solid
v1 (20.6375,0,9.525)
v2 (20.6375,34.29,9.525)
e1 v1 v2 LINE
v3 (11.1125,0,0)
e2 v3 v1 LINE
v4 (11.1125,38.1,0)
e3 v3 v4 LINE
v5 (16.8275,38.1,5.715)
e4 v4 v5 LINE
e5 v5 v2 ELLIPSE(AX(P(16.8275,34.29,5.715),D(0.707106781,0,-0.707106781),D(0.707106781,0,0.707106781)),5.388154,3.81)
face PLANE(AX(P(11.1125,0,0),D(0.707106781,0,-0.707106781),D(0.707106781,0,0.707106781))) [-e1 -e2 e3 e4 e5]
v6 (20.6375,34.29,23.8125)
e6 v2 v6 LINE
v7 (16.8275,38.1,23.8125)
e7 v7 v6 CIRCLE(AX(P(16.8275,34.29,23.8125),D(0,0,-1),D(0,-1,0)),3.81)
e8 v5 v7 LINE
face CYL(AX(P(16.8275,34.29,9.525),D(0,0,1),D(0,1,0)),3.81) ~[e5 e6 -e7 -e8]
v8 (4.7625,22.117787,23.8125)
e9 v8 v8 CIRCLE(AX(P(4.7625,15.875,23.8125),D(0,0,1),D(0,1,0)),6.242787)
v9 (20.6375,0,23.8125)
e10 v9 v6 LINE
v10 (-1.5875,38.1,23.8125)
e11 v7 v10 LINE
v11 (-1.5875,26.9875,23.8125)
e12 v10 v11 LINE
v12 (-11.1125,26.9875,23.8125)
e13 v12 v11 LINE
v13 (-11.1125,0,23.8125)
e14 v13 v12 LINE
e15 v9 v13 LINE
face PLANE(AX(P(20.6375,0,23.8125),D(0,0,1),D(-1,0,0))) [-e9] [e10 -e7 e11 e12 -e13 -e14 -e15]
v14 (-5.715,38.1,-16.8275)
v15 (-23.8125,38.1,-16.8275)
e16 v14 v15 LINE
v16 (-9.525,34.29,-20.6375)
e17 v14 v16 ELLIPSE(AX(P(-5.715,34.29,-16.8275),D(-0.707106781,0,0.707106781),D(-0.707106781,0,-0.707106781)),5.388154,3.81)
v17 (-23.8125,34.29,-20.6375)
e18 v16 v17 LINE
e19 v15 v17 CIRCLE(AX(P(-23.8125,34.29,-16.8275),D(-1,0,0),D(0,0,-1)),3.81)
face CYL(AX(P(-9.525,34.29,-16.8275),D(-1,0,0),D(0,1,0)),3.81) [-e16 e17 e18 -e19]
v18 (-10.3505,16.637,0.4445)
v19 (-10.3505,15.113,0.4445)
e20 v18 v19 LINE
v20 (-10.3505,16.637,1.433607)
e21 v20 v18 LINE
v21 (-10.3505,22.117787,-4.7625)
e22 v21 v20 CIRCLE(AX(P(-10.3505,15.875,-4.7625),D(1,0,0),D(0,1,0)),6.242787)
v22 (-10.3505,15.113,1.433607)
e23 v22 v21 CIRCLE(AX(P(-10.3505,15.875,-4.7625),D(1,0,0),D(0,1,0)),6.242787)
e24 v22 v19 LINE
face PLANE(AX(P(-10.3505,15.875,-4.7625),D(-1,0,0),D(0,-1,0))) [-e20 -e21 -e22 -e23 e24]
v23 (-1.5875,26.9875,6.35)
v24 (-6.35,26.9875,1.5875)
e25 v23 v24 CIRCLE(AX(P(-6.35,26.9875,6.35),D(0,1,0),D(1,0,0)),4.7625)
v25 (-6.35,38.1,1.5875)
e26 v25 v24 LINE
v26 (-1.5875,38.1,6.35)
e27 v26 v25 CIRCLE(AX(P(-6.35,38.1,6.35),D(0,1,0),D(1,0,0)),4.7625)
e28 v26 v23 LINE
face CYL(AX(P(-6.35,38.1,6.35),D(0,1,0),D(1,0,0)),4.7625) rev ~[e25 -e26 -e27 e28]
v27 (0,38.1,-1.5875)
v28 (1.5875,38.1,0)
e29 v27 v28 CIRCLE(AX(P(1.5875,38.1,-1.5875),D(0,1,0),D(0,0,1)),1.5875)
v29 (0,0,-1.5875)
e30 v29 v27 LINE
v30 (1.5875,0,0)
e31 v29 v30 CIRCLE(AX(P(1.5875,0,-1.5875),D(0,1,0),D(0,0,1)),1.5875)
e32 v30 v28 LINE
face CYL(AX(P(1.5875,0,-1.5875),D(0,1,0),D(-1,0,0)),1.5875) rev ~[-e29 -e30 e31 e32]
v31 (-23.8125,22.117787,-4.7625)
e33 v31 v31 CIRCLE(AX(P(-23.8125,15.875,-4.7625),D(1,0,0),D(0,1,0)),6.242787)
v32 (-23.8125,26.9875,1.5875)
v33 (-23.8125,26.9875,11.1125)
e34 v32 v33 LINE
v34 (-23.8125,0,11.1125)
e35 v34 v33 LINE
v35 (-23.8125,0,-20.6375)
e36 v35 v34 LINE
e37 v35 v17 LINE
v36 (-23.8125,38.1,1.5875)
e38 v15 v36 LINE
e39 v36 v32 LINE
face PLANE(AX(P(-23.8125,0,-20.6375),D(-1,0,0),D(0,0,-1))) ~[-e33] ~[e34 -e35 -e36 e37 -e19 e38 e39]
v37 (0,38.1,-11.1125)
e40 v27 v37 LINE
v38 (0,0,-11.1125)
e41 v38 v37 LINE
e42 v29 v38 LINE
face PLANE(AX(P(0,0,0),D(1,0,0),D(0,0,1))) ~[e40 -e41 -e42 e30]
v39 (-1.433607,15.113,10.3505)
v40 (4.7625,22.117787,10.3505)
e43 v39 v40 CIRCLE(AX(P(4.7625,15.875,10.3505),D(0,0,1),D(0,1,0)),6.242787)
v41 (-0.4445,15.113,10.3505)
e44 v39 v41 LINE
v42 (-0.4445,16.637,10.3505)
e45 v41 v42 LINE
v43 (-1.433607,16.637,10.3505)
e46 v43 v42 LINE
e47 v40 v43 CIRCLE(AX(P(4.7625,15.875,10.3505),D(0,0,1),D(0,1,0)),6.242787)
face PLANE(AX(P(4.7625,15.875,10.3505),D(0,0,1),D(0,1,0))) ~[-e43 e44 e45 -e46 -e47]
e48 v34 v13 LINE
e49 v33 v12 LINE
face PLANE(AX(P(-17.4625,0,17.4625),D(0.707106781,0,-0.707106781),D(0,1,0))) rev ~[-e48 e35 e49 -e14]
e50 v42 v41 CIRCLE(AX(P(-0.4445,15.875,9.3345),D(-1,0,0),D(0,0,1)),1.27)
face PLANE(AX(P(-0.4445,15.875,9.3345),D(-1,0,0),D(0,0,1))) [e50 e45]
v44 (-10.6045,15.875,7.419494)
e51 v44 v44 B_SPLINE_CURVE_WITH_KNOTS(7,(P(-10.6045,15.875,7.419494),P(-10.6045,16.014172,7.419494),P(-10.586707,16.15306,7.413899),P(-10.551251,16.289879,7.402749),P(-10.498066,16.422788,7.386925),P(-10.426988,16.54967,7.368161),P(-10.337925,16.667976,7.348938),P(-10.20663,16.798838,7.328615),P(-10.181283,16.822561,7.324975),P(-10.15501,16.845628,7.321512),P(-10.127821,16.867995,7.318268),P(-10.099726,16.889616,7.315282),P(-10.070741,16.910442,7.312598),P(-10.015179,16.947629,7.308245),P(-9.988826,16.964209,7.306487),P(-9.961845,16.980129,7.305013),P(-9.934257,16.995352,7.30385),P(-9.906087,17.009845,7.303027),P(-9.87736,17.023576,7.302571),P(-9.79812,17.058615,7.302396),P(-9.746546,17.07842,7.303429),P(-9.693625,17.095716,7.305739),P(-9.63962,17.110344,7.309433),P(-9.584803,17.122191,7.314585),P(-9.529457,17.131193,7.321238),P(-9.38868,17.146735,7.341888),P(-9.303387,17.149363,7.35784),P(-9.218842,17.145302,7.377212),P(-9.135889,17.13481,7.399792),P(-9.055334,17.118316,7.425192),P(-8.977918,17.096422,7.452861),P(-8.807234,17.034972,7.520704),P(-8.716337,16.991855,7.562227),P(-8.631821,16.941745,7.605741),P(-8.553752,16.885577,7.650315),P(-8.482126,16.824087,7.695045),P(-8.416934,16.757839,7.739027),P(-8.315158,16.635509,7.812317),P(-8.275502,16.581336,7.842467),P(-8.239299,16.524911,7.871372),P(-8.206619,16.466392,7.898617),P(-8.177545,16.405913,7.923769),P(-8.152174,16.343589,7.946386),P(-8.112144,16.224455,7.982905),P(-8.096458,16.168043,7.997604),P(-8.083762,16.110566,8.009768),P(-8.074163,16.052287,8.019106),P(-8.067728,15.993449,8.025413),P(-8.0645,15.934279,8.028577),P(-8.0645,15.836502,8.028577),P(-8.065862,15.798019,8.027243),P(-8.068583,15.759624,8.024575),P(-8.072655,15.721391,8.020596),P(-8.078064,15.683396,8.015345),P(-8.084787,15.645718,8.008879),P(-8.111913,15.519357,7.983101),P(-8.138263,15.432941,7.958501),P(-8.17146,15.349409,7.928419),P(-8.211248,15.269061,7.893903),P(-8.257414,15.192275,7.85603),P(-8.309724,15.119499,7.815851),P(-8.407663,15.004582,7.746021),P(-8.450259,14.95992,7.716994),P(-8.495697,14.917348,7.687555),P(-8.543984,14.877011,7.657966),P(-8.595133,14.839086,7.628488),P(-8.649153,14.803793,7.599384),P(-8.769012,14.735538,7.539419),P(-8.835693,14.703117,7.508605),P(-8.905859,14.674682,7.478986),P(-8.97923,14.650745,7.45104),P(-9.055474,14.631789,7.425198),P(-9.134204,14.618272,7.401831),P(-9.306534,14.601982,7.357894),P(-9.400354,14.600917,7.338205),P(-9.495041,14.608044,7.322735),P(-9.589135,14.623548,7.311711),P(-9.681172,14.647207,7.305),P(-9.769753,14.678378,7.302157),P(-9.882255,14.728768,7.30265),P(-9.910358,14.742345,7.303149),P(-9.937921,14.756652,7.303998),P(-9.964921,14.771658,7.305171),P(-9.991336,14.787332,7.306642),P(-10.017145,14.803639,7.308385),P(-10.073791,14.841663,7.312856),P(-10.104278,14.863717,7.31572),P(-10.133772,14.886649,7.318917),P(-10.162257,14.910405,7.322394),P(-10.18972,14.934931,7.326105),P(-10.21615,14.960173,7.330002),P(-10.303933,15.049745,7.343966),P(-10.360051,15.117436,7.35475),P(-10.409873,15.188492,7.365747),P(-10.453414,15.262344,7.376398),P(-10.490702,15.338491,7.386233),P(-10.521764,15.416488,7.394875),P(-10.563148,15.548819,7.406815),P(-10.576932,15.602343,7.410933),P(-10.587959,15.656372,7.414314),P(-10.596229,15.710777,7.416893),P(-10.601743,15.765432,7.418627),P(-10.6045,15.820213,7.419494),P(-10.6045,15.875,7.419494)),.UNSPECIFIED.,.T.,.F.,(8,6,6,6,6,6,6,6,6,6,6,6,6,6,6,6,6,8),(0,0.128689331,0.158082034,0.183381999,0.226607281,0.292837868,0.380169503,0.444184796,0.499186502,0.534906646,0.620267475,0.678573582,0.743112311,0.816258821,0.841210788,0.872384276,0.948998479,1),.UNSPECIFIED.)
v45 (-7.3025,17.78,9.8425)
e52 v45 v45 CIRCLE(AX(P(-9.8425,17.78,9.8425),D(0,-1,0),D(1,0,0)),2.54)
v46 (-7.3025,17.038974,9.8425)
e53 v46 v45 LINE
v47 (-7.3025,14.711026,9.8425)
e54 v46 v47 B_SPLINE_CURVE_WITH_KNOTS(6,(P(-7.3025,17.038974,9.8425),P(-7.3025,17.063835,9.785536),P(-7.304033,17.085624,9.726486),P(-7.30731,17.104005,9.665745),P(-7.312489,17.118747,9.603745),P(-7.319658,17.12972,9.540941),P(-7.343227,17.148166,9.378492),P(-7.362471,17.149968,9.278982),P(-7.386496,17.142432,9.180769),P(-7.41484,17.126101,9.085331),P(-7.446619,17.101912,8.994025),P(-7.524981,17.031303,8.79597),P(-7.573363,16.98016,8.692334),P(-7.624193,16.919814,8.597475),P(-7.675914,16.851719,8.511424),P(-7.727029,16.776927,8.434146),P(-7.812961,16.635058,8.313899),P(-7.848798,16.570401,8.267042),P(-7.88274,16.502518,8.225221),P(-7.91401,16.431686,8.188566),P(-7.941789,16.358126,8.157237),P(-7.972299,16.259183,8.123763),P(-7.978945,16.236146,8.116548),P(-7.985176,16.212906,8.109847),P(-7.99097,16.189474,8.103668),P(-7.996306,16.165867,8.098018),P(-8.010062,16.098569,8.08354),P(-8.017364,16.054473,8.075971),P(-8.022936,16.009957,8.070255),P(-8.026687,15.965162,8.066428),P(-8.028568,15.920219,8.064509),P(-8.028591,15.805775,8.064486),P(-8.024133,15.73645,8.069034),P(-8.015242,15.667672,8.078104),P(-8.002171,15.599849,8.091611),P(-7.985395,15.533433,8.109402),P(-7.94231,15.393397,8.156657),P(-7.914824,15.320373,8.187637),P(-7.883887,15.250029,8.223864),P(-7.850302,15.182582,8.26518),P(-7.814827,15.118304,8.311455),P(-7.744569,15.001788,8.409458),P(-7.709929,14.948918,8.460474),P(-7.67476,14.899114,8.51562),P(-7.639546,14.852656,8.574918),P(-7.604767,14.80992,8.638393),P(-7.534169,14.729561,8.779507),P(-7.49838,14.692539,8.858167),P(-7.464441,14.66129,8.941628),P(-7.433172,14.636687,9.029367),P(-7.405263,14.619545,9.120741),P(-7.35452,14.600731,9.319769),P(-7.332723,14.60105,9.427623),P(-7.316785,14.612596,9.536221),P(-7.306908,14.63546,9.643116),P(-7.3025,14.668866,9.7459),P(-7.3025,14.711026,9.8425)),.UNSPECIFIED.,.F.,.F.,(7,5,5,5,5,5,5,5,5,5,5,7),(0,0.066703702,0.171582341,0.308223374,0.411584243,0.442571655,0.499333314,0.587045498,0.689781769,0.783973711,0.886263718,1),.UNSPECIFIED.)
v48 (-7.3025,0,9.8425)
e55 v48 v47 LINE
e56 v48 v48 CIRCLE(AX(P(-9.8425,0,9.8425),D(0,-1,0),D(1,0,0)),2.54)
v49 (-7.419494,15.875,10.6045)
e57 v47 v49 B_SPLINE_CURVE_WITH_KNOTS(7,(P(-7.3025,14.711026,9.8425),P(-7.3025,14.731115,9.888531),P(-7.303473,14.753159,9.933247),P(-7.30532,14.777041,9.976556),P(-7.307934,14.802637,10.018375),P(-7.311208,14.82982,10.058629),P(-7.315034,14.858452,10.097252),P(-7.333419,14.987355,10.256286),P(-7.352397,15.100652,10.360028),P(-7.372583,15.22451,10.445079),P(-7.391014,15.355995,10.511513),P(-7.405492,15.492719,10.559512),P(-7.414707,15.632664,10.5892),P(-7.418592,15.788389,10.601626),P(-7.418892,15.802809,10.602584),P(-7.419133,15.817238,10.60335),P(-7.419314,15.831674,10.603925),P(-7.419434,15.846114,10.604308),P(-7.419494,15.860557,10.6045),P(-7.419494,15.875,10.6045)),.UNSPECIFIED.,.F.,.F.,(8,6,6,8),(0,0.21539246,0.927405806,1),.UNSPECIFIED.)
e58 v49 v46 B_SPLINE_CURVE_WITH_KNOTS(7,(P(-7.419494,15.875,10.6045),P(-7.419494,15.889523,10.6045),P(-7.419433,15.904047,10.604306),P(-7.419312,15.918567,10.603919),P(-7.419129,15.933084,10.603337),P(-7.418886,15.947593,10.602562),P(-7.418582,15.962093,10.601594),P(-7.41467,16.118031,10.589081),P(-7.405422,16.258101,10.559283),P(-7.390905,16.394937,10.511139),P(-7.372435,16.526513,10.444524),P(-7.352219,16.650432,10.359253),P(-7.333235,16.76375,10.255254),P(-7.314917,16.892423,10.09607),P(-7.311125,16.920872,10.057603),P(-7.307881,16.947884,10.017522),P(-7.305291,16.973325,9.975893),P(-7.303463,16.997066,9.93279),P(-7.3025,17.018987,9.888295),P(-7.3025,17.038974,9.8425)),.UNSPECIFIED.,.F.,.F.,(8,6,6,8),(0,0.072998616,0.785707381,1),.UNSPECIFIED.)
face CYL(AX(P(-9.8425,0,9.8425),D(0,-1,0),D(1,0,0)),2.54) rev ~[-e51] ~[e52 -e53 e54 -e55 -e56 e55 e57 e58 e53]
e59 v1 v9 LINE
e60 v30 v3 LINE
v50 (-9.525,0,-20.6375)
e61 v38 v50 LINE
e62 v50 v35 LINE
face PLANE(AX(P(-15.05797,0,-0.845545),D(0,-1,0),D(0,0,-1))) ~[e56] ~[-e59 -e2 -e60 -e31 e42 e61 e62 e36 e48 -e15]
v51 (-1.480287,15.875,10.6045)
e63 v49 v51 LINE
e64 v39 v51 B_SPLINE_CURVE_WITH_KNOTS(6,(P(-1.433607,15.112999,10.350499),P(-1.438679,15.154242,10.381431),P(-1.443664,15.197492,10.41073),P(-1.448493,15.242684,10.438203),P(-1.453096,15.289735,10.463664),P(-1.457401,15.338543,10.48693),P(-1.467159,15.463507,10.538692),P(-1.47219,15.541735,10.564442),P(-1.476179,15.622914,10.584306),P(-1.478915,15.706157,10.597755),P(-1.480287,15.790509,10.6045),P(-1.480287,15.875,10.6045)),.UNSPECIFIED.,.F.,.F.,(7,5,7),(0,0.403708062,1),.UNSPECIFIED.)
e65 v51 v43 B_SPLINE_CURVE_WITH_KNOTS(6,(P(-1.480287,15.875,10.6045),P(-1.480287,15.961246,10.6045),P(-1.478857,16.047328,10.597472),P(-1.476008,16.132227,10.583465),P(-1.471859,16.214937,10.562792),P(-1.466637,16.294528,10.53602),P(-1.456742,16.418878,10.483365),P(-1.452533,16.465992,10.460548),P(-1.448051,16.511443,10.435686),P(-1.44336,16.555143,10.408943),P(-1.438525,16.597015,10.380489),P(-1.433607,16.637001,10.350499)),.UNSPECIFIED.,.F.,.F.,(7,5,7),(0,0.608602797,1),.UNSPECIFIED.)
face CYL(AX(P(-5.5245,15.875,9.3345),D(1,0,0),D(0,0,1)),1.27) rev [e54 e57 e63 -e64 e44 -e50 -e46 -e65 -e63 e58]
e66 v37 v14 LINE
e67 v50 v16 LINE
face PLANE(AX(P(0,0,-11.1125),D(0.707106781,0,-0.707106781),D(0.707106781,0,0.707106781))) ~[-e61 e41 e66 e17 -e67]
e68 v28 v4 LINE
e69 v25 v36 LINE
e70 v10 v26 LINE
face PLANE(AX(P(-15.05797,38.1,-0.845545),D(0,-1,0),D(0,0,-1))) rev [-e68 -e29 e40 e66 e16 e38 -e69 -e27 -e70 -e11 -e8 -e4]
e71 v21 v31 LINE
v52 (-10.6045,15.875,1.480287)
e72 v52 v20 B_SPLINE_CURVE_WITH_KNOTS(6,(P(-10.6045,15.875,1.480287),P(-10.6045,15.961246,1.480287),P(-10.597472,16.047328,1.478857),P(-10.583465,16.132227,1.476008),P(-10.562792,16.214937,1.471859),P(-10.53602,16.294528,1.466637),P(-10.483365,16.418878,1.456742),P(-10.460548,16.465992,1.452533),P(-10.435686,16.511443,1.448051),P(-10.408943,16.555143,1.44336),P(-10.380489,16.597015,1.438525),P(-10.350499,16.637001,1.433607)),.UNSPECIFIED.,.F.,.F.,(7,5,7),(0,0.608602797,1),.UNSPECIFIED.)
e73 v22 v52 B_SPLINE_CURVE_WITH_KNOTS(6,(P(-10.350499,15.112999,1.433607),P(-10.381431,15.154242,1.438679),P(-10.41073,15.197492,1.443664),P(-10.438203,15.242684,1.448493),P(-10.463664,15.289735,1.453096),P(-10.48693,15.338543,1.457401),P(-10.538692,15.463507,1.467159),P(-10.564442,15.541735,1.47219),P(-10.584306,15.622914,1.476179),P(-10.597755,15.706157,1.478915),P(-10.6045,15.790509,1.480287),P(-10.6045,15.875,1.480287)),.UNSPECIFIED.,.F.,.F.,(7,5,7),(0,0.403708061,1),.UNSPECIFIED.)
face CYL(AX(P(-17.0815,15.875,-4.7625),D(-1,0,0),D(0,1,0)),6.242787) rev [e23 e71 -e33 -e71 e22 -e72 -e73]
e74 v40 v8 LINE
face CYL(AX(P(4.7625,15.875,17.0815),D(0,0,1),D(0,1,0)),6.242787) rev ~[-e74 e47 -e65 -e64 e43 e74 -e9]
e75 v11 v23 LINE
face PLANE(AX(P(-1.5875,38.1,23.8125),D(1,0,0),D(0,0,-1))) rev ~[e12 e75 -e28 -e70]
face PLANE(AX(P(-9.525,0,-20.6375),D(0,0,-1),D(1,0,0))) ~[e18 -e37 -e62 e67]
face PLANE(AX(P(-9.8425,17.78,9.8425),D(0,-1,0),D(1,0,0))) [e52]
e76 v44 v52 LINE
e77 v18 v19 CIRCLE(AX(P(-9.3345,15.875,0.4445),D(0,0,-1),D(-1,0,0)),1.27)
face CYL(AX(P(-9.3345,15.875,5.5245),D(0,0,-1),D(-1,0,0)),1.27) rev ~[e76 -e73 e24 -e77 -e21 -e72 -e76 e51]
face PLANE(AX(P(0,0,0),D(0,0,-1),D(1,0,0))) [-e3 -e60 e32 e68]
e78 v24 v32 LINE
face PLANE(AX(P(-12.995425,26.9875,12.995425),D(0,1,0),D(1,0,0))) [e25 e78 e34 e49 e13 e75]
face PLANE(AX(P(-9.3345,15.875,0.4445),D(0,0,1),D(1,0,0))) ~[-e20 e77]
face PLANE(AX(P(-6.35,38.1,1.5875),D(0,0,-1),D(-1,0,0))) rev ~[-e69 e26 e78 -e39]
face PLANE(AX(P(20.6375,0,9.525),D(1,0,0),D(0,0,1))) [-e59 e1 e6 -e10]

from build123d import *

# Parameters (mm, degrees)
BOSS_EXTRUDE2_DEPTH = 38.1
SKETCH24_W          = 13.462
SKETCH24_H          = 6.242787019
FILLET16_R          = 3.81
CUT_EXTRUDE3_DEPTH  = 11.1125
SKETCH101_R         = 2.54
CUT_EXTRUDE4_DEPTH  = 17.78
SKETCH102_W         = 10.16
SKETCH102_H         = 1.27
CHAMFER1_SIZE       = 12.7
FILLET17_R          = 1.5875


with BuildPart() as part:
    # Sketch7 → Boss-Extrude2 (new body)
    with BuildSketch(Plane(origin=(0, 0, 0), x_dir=(1, 0, 0), z_dir=(0, 1, 0))):
        Polygon((0, 0), (11.1125, 0), (20.6375, -9.525), (20.6375, -23.8125), (-23.8125, -23.8125), align=None)
    boss_extrude2 = extrude(amount=BOSS_EXTRUDE2_DEPTH)

    # Sketch24 → Port Manifold (revolve, cut)
    with BuildSketch(Plane.ZY.offset(-4.7625)):
        with Locations((17.0815, 18.99639351)):
            Rectangle(SKETCH24_W, SKETCH24_H)
    port_manifold = revolve(axis=Axis((4.7625, 15.875, 10.3505), (0, 0, 1)), mode=Mode.SUBTRACT)

    # Mirror6: Boss-Extrude2, Port Manifold across Plane1
    add(boss_extrude2.mirror(Plane(origin=(0, 0, 0), x_dir=(0.707106781, 0, -0.707106781), z_dir=(0.707106781, 0, 0.707106781))))
    add(port_manifold.mirror(Plane(origin=(0, 0, 0), x_dir=(0.707106781, 0, -0.707106781), z_dir=(0.707106781, 0, 0.707106781))), mode=Mode.SUBTRACT)

    # Fillet16
    fillet16_edges = [part.edges().sort_by_distance(p)[0] for p in [
        (20.6375, 38.1, 16.66875),
        (-16.66875, 38.1, -20.6375),
    ]]
    fillet(fillet16_edges, radius=FILLET16_R)

    # Sketch93 → Cut-Extrude3 (cut)
    with BuildSketch(Plane(origin=(0, 38.1, 0), x_dir=(1, 0, 0), z_dir=(0, 1, 0))):
        with BuildLine():
            Line((-23.8125, -23.8125), (-1.5875, -23.8125))
            Line((-1.5875, -23.8125), (-1.5875, -6.35))
            ThreePointArc((-1.5875, -6.35), (-2.982403955, -2.982403955), (-6.35, -1.5875))
            Line((-6.35, -1.5875), (-23.8125, -1.5875))
            Line((-23.8125, -1.5875), (-23.8125, -23.8125))
        make_face()
    extrude(amount=-CUT_EXTRUDE3_DEPTH, mode=Mode.SUBTRACT)

    # Sketch101 → Cut-Extrude4 (cut)
    with BuildSketch(Plane.XZ):
        with Locations((-9.8425, 9.8425)):
            Circle(SKETCH101_R)
    extrude(amount=-CUT_EXTRUDE4_DEPTH, mode=Mode.SUBTRACT)

    # Sketch102 → Cut-Revolve1 (revolve, cut)
    with BuildSketch(Plane(origin=(0, 15.875, 0), x_dir=(1, 0, 0), z_dir=(0, 1, 0))):
        with Locations((-5.5245, -9.9695)):
            Rectangle(SKETCH102_W, SKETCH102_H)
    cut_revolve1 = revolve(axis=Axis((-0.4445, 15.875, 9.3345), (-1, 0, 0)), mode=Mode.SUBTRACT)

    # Mirror10: Cut-Revolve1 across plane
    add(cut_revolve1.mirror(Plane(origin=(0, 0, 0), x_dir=(-0.707106781, 0, 0.707106781), z_dir=(0.707106781, 0, 0.707106781))), mode=Mode.SUBTRACT)

    # Chamfer1
    chamfer1_edges = [part.edges().sort_by_distance(p)[0] for p in [
        (-23.8125, 13.49375, 23.8125),
    ]]
    chamfer(chamfer1_edges, length=CHAMFER1_SIZE)

    # Fillet17
    fillet17_edges = [part.edges().sort_by_distance(p)[0] for p in [
        (0, 19.05, 0),
    ]]
    fillet(fillet17_edges, radius=FILLET17_R)


solid = part.part
